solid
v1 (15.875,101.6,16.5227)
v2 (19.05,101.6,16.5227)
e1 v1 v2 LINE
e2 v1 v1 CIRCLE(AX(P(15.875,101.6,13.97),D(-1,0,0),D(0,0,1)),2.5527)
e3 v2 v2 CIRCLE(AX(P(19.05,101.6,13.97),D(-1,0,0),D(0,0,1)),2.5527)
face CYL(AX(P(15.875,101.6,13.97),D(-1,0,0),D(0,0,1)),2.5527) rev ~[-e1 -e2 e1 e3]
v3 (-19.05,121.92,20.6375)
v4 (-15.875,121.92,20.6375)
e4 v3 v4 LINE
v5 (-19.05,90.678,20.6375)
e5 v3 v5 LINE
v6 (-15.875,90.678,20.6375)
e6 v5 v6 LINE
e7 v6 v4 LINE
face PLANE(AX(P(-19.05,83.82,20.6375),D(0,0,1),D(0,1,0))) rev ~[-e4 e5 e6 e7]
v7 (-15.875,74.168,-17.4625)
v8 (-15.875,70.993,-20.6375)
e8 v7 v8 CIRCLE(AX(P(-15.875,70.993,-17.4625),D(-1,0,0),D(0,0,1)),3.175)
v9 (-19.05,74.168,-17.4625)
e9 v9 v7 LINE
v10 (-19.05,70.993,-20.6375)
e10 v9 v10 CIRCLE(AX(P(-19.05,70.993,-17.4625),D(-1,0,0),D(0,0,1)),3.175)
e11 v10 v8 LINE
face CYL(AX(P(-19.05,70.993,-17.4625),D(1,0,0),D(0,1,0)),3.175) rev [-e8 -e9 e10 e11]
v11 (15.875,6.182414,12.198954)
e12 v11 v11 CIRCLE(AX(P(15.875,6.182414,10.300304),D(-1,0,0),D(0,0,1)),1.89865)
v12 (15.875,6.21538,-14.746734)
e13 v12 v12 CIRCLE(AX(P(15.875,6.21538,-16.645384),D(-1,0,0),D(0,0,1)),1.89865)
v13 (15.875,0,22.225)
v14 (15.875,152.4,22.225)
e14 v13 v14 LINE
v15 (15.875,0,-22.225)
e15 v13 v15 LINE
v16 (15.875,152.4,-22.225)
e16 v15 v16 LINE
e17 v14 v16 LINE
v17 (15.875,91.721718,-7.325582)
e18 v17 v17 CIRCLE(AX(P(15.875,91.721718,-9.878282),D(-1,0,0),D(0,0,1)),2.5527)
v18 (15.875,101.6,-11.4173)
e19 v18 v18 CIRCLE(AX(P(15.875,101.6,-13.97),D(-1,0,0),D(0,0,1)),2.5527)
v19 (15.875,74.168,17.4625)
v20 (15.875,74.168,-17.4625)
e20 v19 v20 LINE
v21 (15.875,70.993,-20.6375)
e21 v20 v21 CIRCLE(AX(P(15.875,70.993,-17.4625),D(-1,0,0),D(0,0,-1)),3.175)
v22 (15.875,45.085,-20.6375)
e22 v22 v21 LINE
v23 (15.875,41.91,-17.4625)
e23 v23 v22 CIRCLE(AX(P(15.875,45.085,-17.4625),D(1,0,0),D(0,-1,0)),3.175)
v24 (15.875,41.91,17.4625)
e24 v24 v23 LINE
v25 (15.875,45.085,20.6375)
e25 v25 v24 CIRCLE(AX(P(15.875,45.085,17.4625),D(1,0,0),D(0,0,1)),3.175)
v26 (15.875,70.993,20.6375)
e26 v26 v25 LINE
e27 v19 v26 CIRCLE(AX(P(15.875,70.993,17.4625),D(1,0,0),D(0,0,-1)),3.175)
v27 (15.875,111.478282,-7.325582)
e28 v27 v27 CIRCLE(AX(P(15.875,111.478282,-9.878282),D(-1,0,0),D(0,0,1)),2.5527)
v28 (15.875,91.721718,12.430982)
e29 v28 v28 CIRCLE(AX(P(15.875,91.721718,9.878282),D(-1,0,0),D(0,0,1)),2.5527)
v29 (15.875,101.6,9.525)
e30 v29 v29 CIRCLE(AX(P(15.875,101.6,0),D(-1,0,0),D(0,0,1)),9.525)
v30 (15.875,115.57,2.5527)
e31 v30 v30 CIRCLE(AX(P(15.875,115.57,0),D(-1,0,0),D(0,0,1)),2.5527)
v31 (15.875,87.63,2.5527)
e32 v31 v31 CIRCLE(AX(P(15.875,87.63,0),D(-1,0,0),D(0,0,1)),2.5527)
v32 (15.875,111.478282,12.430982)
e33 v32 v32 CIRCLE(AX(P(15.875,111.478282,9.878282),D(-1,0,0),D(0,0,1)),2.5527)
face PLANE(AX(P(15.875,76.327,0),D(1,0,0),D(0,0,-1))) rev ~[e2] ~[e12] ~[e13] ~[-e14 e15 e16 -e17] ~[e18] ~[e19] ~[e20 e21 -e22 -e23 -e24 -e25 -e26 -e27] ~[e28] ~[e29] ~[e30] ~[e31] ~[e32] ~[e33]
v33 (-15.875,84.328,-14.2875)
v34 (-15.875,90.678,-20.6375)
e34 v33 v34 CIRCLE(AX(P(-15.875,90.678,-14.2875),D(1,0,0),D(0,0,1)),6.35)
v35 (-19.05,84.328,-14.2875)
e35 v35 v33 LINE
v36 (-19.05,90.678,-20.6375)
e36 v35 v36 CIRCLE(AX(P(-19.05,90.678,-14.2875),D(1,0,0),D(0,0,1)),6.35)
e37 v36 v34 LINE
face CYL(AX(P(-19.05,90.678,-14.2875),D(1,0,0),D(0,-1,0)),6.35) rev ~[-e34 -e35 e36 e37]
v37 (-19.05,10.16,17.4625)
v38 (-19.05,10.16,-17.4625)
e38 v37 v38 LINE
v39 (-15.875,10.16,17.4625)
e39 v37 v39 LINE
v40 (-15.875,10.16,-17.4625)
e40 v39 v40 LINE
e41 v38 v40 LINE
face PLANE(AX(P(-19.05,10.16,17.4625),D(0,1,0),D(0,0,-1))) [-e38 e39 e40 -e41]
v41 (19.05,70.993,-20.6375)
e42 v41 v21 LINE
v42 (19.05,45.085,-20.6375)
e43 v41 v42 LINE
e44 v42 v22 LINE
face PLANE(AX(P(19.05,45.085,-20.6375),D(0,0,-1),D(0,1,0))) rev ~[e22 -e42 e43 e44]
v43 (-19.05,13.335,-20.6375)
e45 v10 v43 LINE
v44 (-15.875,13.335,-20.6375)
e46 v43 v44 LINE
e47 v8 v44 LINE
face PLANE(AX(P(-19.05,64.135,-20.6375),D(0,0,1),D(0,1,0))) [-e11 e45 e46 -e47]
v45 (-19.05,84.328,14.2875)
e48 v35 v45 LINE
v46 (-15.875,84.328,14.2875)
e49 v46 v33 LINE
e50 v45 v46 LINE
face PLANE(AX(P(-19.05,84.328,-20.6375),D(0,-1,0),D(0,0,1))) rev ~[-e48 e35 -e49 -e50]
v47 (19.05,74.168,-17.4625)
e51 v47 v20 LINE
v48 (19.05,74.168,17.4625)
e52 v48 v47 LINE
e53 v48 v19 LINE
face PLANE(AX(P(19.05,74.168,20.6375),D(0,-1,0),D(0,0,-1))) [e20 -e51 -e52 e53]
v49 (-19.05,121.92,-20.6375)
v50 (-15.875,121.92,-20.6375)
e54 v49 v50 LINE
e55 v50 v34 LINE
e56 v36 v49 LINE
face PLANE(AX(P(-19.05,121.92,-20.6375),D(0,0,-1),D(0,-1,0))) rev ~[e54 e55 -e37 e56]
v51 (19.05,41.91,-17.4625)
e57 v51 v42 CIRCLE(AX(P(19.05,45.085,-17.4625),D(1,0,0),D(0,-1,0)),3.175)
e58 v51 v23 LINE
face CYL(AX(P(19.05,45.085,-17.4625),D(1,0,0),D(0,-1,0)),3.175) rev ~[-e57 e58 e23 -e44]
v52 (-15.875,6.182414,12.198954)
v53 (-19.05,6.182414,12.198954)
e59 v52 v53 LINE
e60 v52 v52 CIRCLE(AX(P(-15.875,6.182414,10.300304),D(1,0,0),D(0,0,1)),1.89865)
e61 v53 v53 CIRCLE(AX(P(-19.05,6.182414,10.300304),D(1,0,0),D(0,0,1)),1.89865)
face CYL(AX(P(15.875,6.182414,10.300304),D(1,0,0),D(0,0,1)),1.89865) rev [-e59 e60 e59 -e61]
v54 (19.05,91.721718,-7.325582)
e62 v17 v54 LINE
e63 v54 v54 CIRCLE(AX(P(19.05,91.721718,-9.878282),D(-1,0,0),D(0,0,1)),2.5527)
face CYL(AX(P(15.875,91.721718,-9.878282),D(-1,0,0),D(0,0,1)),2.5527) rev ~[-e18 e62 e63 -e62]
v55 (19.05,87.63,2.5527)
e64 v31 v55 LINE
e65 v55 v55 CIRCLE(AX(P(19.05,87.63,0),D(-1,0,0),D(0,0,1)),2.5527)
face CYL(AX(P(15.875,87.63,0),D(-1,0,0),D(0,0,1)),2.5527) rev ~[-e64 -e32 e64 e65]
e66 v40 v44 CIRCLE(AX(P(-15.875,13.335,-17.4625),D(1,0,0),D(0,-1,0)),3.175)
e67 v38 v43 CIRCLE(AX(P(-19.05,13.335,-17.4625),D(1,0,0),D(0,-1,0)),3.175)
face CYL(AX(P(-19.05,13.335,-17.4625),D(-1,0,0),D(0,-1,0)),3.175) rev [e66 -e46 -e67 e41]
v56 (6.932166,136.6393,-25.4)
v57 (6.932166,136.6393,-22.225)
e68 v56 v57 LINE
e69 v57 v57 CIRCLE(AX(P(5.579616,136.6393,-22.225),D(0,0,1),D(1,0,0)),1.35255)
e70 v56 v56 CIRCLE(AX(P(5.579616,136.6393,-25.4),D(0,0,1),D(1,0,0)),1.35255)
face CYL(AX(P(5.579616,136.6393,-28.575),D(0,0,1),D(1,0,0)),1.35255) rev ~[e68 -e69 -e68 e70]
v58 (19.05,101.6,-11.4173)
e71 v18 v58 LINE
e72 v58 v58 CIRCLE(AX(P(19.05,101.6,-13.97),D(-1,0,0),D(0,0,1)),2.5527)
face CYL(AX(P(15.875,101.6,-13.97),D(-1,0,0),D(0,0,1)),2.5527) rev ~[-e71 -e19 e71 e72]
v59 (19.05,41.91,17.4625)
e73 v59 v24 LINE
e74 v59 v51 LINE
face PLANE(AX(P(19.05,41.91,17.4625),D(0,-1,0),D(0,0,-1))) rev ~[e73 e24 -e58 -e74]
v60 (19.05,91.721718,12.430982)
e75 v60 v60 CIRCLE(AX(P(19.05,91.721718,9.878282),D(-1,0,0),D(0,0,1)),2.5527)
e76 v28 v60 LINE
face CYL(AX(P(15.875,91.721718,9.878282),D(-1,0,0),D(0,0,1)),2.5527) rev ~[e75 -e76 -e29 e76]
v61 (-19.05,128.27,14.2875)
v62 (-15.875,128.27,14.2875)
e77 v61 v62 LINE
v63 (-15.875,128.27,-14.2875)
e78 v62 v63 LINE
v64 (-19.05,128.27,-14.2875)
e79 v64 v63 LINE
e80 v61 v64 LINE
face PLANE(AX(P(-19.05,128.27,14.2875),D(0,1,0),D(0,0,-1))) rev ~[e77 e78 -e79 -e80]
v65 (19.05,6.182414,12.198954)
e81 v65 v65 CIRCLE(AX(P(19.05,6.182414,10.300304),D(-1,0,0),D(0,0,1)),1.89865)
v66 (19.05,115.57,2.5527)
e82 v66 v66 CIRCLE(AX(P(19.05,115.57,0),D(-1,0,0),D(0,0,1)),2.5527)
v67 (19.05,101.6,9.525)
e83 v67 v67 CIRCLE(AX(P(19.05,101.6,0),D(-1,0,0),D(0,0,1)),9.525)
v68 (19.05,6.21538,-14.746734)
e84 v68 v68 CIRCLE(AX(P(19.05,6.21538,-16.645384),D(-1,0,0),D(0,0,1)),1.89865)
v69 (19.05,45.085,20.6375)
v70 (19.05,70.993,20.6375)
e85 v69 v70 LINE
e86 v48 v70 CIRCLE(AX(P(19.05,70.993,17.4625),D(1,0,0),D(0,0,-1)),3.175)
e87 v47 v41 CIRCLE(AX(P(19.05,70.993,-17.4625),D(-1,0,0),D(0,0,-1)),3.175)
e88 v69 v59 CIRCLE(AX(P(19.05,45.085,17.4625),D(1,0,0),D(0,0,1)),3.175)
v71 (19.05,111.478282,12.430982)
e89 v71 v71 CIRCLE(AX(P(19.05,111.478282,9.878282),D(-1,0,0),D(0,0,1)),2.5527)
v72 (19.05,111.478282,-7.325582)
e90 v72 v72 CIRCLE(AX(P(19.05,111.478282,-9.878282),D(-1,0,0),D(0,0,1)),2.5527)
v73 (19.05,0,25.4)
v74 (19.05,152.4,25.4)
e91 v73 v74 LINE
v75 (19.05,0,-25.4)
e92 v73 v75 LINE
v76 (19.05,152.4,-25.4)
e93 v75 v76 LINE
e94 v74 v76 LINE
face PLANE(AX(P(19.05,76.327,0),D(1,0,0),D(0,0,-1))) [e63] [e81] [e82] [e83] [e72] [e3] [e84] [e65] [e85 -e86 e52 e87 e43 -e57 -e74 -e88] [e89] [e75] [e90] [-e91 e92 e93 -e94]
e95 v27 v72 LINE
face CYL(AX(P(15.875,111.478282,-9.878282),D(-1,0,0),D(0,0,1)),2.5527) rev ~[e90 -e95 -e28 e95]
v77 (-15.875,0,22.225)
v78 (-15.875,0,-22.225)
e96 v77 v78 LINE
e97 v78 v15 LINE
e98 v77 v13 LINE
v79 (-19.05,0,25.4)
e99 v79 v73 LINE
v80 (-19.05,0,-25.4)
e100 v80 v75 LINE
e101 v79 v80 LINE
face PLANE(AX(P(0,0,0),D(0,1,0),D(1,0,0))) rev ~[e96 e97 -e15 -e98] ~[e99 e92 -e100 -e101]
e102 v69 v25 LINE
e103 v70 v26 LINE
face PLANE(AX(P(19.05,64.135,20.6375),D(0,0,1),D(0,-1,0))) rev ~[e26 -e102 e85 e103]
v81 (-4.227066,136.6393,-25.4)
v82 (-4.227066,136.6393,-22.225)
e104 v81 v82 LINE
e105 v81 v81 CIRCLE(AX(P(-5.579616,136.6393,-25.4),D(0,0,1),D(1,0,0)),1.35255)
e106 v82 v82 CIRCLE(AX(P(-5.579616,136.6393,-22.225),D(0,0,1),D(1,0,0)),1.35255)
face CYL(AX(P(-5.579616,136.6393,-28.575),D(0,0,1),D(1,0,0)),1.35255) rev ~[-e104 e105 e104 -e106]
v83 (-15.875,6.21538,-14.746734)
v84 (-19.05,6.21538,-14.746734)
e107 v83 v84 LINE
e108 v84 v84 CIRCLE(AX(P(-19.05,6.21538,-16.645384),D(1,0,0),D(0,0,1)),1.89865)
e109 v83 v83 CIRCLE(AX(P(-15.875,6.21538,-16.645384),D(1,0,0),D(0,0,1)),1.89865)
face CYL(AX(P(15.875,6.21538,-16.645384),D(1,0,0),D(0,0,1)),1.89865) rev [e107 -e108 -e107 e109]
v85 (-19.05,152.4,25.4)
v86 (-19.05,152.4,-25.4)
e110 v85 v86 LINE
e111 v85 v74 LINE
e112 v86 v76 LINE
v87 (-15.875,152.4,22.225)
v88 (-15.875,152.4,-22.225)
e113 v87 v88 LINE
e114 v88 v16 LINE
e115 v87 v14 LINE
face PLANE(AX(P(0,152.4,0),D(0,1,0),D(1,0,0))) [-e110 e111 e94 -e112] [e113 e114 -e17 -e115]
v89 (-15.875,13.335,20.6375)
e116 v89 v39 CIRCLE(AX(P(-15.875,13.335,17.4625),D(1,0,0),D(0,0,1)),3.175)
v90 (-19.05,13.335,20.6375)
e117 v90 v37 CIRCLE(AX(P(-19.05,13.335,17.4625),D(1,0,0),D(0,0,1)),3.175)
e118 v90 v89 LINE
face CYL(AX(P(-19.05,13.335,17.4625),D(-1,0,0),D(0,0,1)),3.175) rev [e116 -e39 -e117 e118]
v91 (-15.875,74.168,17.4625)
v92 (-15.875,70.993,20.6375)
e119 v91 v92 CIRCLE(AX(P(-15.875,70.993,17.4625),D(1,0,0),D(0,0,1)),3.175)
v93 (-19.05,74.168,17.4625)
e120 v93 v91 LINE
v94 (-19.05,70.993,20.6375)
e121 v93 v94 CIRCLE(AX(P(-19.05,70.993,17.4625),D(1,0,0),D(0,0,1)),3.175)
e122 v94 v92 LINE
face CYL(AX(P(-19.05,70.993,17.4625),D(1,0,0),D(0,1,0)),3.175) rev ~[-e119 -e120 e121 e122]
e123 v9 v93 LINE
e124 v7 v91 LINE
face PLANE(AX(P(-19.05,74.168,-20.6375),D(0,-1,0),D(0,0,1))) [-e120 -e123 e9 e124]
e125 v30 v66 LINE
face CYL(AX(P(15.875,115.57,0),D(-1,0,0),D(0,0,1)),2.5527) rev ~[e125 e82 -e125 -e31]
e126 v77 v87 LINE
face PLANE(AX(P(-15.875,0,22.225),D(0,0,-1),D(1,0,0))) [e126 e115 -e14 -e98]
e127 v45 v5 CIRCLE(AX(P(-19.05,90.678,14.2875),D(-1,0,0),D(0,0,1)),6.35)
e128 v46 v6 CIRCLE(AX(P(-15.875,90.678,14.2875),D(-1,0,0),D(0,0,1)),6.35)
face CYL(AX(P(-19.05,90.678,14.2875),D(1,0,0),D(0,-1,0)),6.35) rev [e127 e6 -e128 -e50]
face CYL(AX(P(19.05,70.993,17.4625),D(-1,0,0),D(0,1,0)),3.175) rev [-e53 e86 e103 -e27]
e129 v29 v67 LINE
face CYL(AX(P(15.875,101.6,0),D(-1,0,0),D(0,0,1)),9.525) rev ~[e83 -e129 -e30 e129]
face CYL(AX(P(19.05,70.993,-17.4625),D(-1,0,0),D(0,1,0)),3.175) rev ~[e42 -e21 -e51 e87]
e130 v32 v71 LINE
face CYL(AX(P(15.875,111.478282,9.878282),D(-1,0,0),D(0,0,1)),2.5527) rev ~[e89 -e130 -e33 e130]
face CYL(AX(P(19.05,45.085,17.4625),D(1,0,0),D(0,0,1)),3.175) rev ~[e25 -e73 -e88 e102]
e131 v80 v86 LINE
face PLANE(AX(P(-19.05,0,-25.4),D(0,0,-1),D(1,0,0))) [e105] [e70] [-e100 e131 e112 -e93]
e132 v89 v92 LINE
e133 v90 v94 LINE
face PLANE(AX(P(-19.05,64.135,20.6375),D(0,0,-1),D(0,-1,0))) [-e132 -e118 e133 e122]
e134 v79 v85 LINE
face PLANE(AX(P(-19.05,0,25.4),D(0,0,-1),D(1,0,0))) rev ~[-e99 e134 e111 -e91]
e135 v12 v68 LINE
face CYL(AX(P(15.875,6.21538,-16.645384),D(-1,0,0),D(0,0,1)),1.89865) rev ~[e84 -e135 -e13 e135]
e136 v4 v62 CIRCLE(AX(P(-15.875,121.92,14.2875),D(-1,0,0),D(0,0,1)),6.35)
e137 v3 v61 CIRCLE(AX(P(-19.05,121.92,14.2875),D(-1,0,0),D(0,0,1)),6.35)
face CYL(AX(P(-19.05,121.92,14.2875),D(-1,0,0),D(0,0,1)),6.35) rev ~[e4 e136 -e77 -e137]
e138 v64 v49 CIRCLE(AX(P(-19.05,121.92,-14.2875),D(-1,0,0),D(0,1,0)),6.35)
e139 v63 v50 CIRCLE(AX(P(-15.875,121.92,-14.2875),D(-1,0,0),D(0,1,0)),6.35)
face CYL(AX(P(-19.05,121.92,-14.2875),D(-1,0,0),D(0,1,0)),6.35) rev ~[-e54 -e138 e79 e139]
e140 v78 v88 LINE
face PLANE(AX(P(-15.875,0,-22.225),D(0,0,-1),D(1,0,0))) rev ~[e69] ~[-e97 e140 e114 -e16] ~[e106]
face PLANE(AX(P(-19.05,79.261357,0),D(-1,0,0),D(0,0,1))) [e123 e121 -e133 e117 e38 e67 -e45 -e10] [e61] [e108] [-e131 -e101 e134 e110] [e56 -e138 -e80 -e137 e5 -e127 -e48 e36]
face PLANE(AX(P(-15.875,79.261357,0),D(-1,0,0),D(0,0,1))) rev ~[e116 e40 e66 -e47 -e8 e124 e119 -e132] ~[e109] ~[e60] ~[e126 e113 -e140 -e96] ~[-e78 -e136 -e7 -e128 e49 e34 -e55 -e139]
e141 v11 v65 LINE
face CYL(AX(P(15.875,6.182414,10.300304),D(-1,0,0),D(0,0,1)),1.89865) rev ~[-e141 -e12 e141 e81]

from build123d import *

# Parameters (mm, degrees)
SKETCH1_W                      = 38.1
SKETCH1_H                      = 50.8
SKETCH1_W_2                    = 31.75
SKETCH1_H_2                    = 44.45
BOSS_EXTRUDE1_DEPTH            = 152.4
SKETCH2_R                      = 1.89865
CUT_EXTRUDE1_DEPTH             = 35.925
CUT_EXTRUDE1_DEPTH_BACK        = 4.175
CUT_EXTRUDE3_DEPTH             = 3.175
CUT_EXTRUDE4_DEPTH             = 3.175
SKETCH6_R                      = 9.525
SKETCH6_R_2                    = 2.5527
CUT_EXTRUDE5_DEPTH             = 3.175
CUT_EXTRUDE6_DEPTH             = 3.175
F_6_32_TAPPED_HOLE2_D          = 2.7051
F_6_32_TAPPED_HOLE2_DEPTH      = 3.175
CUT_EXTRUDE7_REACH             = 40.1
CUT_EXTRUDE7_DIRECTION_2_DEPTH = 1
FILLET1_R                      = 3.175
FILLET2_R                      = 3.175
BOSS_EXTRUDE2_DEPTH            = 3.175
CUT_EXTRUDE8_REACH             = 40.1
FILLET3_R                      = 3.175
FILLET4_R                      = 3.175
FILLET5_R                      = 6.35
FILLET6_R                      = 6.35
BOSS_EXTRUDE3_DEPTH            = 3.175
CUT_EXTRUDE9_REACH             = 40.1
BOSS_EXTRUDE4_DEPTH            = 3.175
FILLET7_R                      = 3.175
FILLET8_R                      = 3.175
FILLET9_R                      = 3.175
FILLET10_R                     = 3.175
FILLET11_R                     = 6.35
FILLET12_R                     = 6.35


with BuildPart() as part:
    # Sketch1 → Boss-Extrude1 (new body)
    with BuildSketch(Plane(origin=(0, 0, 0), x_dir=(1, 0, 0), z_dir=(0, 1, 0))):
        Rectangle(SKETCH1_W, SKETCH1_H)
        Rectangle(SKETCH1_W_2, SKETCH1_H_2, mode=Mode.SUBTRACT)
    extrude(amount=BOSS_EXTRUDE1_DEPTH)

    # Sketch2 → Cut-Extrude1 (cut, two sides)
    with BuildSketch(Plane.ZY.offset(-15.875)) as cut_extrude1_sk:
        with Locations((-16.645384182, 6.21538)):
            Circle(SKETCH2_R)
        with Locations((10.30030417, 6.18241423)):
            Circle(SKETCH2_R)
    extrude(amount=CUT_EXTRUDE1_DEPTH, mode=Mode.SUBTRACT)
    extrude(cut_extrude1_sk.sketch, amount=-CUT_EXTRUDE1_DEPTH_BACK, mode=Mode.SUBTRACT)

    # Sketch4 → Cut-Extrude3 (cut)
    with BuildSketch(Plane.ZY.offset(19.05)):
        with BuildLine():
            Line((17.4625, 10.16), (-17.4625, 10.16))
            ThreePointArc((-17.4625, 10.16), (-19.70756403, 11.08993597), (-20.6375, 13.335))
            Line((-20.6375, 13.335), (-20.6375, 64.135))
            ThreePointArc((-20.6375, 64.135), (-19.70756403, 66.38006403), (-17.4625, 67.31))
            Line((-17.4625, 67.31), (17.4625, 67.31))
            ThreePointArc((17.4625, 67.31), (19.70756403, 66.38006403), (20.6375, 64.135))
            Line((20.6375, 64.135), (20.6375, 13.335))
            ThreePointArc((20.6375, 13.335), (19.70756403, 11.08993597), (17.4625, 10.16))
        make_face()
    extrude(amount=-CUT_EXTRUDE3_DEPTH, mode=Mode.SUBTRACT)

    # Sketch5 → Cut-Extrude4 (cut)
    with BuildSketch(Plane(origin=(19.05, 0, 0), x_dir=(0, 0, -1), z_dir=(1, 0, 0))):
        with BuildLine():
            Line((17.4625, 67.31), (-17.4625, 67.31))
            ThreePointArc((-17.4625, 67.31), (-19.70756403, 66.38006403), (-20.6375, 64.135))
            Line((-20.6375, 64.135), (-20.6375, 45.085))
            ThreePointArc((-20.6375, 45.085), (-19.70756403, 42.83993597), (-17.4625, 41.91))
            Line((-17.4625, 41.91), (17.4625, 41.91))
            ThreePointArc((17.4625, 41.91), (19.70756403, 42.83993597), (20.6375, 45.085))
            Line((20.6375, 45.085), (20.6375, 64.135))
            ThreePointArc((20.6375, 64.135), (19.70756403, 66.38006403), (17.4625, 67.31))
        make_face()
    extrude(amount=-CUT_EXTRUDE4_DEPTH, mode=Mode.SUBTRACT)

    # Sketch6 → Cut-Extrude5 (cut)
    with BuildSketch(Plane.ZY.offset(-15.875)):
        with Locations((0, 101.6)):
            Circle(SKETCH6_R)
        with Locations((0, 87.63)):
            Circle(SKETCH6_R_2)
        with Locations((-9.878281733, 91.721718267)):
            Circle(SKETCH6_R_2)
        with Locations((-13.97, 101.6)):
            Circle(SKETCH6_R_2)
        with Locations((-9.878281733, 111.478281733)):
            Circle(SKETCH6_R_2)
        with Locations((0, 115.57)):
            Circle(SKETCH6_R_2)
        with Locations((9.878281733, 111.478281733)):
            Circle(SKETCH6_R_2)
        with Locations((13.97, 101.6)):
            Circle(SKETCH6_R_2)
        with Locations((9.878281733, 91.721718267)):
            Circle(SKETCH6_R_2)
    extrude(amount=-CUT_EXTRUDE5_DEPTH, mode=Mode.SUBTRACT)

    # Sketch7 → Cut-Extrude6 (cut)
    with BuildSketch(Plane.ZY.offset(19.05)):
        with BuildLine():
            Line((-14.2875, 77.47), (14.2875, 77.47))
            ThreePointArc((14.2875, 77.47), (18.777628061, 79.329871939), (20.6375, 83.82))
            Line((20.6375, 83.82), (20.6375, 121.92))
            ThreePointArc((20.6375, 121.92), (18.777628061, 126.410128061), (14.2875, 128.27))
            Line((14.2875, 128.27), (-14.2875, 128.27))
            ThreePointArc((-14.2875, 128.27), (-18.777628061, 126.410128061), (-20.6375, 121.92))
            Line((-20.6375, 121.92), (-20.6375, 83.82))
            ThreePointArc((-20.6375, 83.82), (-18.777628061, 79.329871939), (-14.2875, 77.47))
        make_face()
    extrude(amount=-CUT_EXTRUDE6_DEPTH, mode=Mode.SUBTRACT)

    # #6-32 Tapped Hole2
    with Locations(Plane(origin=(5.579615818, 136.6393, -25.4), x_dir=(-1, 0, 0), z_dir=(0, 0, -1))):
        with Locations((0, 0), (11.159231636, 0)):
            Hole(F_6_32_TAPPED_HOLE2_D / 2, depth=F_6_32_TAPPED_HOLE2_DEPTH)

    # Sketch13 → Cut-Extrude7 (cut, up to next)
    with BuildSketch(Plane(origin=(19.05, 0, 0), x_dir=(0, 0, -1), z_dir=(1, 0, 0)), mode=Mode.PRIVATE) as cut_extrude7_sk1:
        Polygon((0, 78.486), (20.6375, 78.486), (20.6375, 64.135), (-20.6375, 64.135), (-20.6375, 78.486), align=None)
    cut_extrude7_tool1 = extrude(cut_extrude7_sk1.sketch, amount=-CUT_EXTRUDE7_REACH, mode=Mode.PRIVATE) & part.part
    add(cut_extrude7_tool1.solids().sort_by_distance((19.05, 71.3105, 0))[0], mode=Mode.SUBTRACT)

    # Sketch13 → Cut-Extrude7 direction 2 (cut)
    with BuildSketch(Plane(origin=(19.05, 0, 0), x_dir=(0, 0, -1), z_dir=(1, 0, 0))):
        Polygon((0, 78.486), (20.6375, 78.486), (20.6375, 64.135), (-20.6375, 64.135), (-20.6375, 78.486), align=None)
    extrude(amount=CUT_EXTRUDE7_DIRECTION_2_DEPTH, mode=Mode.SUBTRACT)

    # Fillet1
    fillet1_edges = [part.edges().sort_by_distance(p)[0] for p in [
        (17.4625, 78.486, -20.6375),
    ]]
    fillet(fillet1_edges, radius=FILLET1_R)

    # Fillet2
    fillet2_edges = [part.edges().sort_by_distance(p)[0] for p in [
        (17.4625, 78.486, 20.6375),
    ]]
    fillet(fillet2_edges, radius=FILLET2_R)

    # Sketch15 → Boss-Extrude2 (add)
    with BuildSketch(Plane.ZY.offset(19.05)):
        Polygon((0, 78.486), (-20.6375, 78.486), (-20.6375, 88.646), (0, 88.646), (20.6375, 88.646), (20.6375, 78.486), align=None)
    extrude(amount=-BOSS_EXTRUDE2_DEPTH)

    # Sketch16 → Cut-Extrude8 (cut, up to next)
    with BuildSketch(Plane.ZY.offset(19.05), mode=Mode.PRIVATE) as cut_extrude8_sk1:
        Polygon((0, 78.486), (20.6375, 78.486), (20.6375, 64.135), (-20.6375, 64.135), (-20.6375, 78.486), align=None)
    cut_extrude8_tool1 = extrude(cut_extrude8_sk1.sketch, amount=-CUT_EXTRUDE8_REACH, mode=Mode.PRIVATE) & part.part
    add(cut_extrude8_tool1.solids().sort_by_distance((-19.05, 71.3105, 0))[0], mode=Mode.SUBTRACT)

    # Fillet3
    fillet3_edges = [part.edges().sort_by_distance(p)[0] for p in [
        (-17.4625, 78.486, 20.6375),
    ]]
    fillet(fillet3_edges, radius=FILLET3_R)

    # Fillet4
    fillet4_edges = [part.edges().sort_by_distance(p)[0] for p in [
        (-17.4625, 78.486, -20.6375),
    ]]
    fillet(fillet4_edges, radius=FILLET4_R)

    # Fillet5
    fillet5_edges = [part.edges().sort_by_distance(p)[0] for p in [
        (-17.4625, 88.646, -20.6375),
    ]]
    fillet(fillet5_edges, radius=FILLET5_R)

    # Fillet6
    fillet6_edges = [part.edges().sort_by_distance(p)[0] for p in [
        (-17.4625, 88.646, 20.6375),
    ]]
    fillet(fillet6_edges, radius=FILLET6_R)

    # Sketch17 → Boss-Extrude3 (add)
    with BuildSketch(Plane.ZY.offset(19.05)):
        Polygon((0, 74.168), (20.6375, 74.168), (20.6375, 84.35471455), (-20.6375, 84.35471455), (-20.6375, 74.168), align=None)
    extrude(amount=-BOSS_EXTRUDE3_DEPTH)

    # Sketch18 → Cut-Extrude9 (cut, up to next)
    with BuildSketch(Plane.ZY.offset(19.05), mode=Mode.PRIVATE) as cut_extrude9_sk1:
        Polygon((0, 84.328), (-20.6375, 84.328), (-20.6375, 94.996), (20.6375, 94.996), (20.6375, 84.328), align=None)
    cut_extrude9_tool1 = extrude(cut_extrude9_sk1.sketch, amount=-CUT_EXTRUDE9_REACH, mode=Mode.PRIVATE) & part.part
    add(cut_extrude9_tool1.solids().sort_by_distance((-19.05, 89.662, 0))[0], mode=Mode.SUBTRACT)

    # Sketch19 → Boss-Extrude4 (add)
    with BuildSketch(Plane(origin=(19.05, 0, 0), x_dir=(0, 0, -1), z_dir=(1, 0, 0))):
        Polygon((0, 74.168), (20.6375, 74.168), (20.6375, 78.486), (-20.6375, 78.486), (-20.6375, 74.168), align=None)
    extrude(amount=-BOSS_EXTRUDE4_DEPTH)

    # Fillet7
    fillet7_edges = [part.edges().sort_by_distance(p)[0] for p in [
        (17.4625, 74.168, -20.6375),
    ]]
    fillet(fillet7_edges, radius=FILLET7_R)

    # Fillet8
    fillet8_edges = [part.edges().sort_by_distance(p)[0] for p in [
        (17.4625, 74.168, 20.6375),
    ]]
    fillet(fillet8_edges, radius=FILLET8_R)

    # Fillet9
    fillet9_edges = [part.edges().sort_by_distance(p)[0] for p in [
        (-17.4625, 74.168, 20.6375),
    ]]
    fillet(fillet9_edges, radius=FILLET9_R)

    # Fillet10
    fillet10_edges = [part.edges().sort_by_distance(p)[0] for p in [
        (-17.4625, 74.168, -20.6375),
    ]]
    fillet(fillet10_edges, radius=FILLET10_R)

    # Fillet11
    fillet11_edges = [part.edges().sort_by_distance(p)[0] for p in [
        (-17.4625, 84.328, -20.6375),
    ]]
    fillet(fillet11_edges, radius=FILLET11_R)

    # Fillet12
    fillet12_edges = [part.edges().sort_by_distance(p)[0] for p in [
        (-17.4625, 84.328, 20.6375),
    ]]
    fillet(fillet12_edges, radius=FILLET12_R)


solid = part.part
